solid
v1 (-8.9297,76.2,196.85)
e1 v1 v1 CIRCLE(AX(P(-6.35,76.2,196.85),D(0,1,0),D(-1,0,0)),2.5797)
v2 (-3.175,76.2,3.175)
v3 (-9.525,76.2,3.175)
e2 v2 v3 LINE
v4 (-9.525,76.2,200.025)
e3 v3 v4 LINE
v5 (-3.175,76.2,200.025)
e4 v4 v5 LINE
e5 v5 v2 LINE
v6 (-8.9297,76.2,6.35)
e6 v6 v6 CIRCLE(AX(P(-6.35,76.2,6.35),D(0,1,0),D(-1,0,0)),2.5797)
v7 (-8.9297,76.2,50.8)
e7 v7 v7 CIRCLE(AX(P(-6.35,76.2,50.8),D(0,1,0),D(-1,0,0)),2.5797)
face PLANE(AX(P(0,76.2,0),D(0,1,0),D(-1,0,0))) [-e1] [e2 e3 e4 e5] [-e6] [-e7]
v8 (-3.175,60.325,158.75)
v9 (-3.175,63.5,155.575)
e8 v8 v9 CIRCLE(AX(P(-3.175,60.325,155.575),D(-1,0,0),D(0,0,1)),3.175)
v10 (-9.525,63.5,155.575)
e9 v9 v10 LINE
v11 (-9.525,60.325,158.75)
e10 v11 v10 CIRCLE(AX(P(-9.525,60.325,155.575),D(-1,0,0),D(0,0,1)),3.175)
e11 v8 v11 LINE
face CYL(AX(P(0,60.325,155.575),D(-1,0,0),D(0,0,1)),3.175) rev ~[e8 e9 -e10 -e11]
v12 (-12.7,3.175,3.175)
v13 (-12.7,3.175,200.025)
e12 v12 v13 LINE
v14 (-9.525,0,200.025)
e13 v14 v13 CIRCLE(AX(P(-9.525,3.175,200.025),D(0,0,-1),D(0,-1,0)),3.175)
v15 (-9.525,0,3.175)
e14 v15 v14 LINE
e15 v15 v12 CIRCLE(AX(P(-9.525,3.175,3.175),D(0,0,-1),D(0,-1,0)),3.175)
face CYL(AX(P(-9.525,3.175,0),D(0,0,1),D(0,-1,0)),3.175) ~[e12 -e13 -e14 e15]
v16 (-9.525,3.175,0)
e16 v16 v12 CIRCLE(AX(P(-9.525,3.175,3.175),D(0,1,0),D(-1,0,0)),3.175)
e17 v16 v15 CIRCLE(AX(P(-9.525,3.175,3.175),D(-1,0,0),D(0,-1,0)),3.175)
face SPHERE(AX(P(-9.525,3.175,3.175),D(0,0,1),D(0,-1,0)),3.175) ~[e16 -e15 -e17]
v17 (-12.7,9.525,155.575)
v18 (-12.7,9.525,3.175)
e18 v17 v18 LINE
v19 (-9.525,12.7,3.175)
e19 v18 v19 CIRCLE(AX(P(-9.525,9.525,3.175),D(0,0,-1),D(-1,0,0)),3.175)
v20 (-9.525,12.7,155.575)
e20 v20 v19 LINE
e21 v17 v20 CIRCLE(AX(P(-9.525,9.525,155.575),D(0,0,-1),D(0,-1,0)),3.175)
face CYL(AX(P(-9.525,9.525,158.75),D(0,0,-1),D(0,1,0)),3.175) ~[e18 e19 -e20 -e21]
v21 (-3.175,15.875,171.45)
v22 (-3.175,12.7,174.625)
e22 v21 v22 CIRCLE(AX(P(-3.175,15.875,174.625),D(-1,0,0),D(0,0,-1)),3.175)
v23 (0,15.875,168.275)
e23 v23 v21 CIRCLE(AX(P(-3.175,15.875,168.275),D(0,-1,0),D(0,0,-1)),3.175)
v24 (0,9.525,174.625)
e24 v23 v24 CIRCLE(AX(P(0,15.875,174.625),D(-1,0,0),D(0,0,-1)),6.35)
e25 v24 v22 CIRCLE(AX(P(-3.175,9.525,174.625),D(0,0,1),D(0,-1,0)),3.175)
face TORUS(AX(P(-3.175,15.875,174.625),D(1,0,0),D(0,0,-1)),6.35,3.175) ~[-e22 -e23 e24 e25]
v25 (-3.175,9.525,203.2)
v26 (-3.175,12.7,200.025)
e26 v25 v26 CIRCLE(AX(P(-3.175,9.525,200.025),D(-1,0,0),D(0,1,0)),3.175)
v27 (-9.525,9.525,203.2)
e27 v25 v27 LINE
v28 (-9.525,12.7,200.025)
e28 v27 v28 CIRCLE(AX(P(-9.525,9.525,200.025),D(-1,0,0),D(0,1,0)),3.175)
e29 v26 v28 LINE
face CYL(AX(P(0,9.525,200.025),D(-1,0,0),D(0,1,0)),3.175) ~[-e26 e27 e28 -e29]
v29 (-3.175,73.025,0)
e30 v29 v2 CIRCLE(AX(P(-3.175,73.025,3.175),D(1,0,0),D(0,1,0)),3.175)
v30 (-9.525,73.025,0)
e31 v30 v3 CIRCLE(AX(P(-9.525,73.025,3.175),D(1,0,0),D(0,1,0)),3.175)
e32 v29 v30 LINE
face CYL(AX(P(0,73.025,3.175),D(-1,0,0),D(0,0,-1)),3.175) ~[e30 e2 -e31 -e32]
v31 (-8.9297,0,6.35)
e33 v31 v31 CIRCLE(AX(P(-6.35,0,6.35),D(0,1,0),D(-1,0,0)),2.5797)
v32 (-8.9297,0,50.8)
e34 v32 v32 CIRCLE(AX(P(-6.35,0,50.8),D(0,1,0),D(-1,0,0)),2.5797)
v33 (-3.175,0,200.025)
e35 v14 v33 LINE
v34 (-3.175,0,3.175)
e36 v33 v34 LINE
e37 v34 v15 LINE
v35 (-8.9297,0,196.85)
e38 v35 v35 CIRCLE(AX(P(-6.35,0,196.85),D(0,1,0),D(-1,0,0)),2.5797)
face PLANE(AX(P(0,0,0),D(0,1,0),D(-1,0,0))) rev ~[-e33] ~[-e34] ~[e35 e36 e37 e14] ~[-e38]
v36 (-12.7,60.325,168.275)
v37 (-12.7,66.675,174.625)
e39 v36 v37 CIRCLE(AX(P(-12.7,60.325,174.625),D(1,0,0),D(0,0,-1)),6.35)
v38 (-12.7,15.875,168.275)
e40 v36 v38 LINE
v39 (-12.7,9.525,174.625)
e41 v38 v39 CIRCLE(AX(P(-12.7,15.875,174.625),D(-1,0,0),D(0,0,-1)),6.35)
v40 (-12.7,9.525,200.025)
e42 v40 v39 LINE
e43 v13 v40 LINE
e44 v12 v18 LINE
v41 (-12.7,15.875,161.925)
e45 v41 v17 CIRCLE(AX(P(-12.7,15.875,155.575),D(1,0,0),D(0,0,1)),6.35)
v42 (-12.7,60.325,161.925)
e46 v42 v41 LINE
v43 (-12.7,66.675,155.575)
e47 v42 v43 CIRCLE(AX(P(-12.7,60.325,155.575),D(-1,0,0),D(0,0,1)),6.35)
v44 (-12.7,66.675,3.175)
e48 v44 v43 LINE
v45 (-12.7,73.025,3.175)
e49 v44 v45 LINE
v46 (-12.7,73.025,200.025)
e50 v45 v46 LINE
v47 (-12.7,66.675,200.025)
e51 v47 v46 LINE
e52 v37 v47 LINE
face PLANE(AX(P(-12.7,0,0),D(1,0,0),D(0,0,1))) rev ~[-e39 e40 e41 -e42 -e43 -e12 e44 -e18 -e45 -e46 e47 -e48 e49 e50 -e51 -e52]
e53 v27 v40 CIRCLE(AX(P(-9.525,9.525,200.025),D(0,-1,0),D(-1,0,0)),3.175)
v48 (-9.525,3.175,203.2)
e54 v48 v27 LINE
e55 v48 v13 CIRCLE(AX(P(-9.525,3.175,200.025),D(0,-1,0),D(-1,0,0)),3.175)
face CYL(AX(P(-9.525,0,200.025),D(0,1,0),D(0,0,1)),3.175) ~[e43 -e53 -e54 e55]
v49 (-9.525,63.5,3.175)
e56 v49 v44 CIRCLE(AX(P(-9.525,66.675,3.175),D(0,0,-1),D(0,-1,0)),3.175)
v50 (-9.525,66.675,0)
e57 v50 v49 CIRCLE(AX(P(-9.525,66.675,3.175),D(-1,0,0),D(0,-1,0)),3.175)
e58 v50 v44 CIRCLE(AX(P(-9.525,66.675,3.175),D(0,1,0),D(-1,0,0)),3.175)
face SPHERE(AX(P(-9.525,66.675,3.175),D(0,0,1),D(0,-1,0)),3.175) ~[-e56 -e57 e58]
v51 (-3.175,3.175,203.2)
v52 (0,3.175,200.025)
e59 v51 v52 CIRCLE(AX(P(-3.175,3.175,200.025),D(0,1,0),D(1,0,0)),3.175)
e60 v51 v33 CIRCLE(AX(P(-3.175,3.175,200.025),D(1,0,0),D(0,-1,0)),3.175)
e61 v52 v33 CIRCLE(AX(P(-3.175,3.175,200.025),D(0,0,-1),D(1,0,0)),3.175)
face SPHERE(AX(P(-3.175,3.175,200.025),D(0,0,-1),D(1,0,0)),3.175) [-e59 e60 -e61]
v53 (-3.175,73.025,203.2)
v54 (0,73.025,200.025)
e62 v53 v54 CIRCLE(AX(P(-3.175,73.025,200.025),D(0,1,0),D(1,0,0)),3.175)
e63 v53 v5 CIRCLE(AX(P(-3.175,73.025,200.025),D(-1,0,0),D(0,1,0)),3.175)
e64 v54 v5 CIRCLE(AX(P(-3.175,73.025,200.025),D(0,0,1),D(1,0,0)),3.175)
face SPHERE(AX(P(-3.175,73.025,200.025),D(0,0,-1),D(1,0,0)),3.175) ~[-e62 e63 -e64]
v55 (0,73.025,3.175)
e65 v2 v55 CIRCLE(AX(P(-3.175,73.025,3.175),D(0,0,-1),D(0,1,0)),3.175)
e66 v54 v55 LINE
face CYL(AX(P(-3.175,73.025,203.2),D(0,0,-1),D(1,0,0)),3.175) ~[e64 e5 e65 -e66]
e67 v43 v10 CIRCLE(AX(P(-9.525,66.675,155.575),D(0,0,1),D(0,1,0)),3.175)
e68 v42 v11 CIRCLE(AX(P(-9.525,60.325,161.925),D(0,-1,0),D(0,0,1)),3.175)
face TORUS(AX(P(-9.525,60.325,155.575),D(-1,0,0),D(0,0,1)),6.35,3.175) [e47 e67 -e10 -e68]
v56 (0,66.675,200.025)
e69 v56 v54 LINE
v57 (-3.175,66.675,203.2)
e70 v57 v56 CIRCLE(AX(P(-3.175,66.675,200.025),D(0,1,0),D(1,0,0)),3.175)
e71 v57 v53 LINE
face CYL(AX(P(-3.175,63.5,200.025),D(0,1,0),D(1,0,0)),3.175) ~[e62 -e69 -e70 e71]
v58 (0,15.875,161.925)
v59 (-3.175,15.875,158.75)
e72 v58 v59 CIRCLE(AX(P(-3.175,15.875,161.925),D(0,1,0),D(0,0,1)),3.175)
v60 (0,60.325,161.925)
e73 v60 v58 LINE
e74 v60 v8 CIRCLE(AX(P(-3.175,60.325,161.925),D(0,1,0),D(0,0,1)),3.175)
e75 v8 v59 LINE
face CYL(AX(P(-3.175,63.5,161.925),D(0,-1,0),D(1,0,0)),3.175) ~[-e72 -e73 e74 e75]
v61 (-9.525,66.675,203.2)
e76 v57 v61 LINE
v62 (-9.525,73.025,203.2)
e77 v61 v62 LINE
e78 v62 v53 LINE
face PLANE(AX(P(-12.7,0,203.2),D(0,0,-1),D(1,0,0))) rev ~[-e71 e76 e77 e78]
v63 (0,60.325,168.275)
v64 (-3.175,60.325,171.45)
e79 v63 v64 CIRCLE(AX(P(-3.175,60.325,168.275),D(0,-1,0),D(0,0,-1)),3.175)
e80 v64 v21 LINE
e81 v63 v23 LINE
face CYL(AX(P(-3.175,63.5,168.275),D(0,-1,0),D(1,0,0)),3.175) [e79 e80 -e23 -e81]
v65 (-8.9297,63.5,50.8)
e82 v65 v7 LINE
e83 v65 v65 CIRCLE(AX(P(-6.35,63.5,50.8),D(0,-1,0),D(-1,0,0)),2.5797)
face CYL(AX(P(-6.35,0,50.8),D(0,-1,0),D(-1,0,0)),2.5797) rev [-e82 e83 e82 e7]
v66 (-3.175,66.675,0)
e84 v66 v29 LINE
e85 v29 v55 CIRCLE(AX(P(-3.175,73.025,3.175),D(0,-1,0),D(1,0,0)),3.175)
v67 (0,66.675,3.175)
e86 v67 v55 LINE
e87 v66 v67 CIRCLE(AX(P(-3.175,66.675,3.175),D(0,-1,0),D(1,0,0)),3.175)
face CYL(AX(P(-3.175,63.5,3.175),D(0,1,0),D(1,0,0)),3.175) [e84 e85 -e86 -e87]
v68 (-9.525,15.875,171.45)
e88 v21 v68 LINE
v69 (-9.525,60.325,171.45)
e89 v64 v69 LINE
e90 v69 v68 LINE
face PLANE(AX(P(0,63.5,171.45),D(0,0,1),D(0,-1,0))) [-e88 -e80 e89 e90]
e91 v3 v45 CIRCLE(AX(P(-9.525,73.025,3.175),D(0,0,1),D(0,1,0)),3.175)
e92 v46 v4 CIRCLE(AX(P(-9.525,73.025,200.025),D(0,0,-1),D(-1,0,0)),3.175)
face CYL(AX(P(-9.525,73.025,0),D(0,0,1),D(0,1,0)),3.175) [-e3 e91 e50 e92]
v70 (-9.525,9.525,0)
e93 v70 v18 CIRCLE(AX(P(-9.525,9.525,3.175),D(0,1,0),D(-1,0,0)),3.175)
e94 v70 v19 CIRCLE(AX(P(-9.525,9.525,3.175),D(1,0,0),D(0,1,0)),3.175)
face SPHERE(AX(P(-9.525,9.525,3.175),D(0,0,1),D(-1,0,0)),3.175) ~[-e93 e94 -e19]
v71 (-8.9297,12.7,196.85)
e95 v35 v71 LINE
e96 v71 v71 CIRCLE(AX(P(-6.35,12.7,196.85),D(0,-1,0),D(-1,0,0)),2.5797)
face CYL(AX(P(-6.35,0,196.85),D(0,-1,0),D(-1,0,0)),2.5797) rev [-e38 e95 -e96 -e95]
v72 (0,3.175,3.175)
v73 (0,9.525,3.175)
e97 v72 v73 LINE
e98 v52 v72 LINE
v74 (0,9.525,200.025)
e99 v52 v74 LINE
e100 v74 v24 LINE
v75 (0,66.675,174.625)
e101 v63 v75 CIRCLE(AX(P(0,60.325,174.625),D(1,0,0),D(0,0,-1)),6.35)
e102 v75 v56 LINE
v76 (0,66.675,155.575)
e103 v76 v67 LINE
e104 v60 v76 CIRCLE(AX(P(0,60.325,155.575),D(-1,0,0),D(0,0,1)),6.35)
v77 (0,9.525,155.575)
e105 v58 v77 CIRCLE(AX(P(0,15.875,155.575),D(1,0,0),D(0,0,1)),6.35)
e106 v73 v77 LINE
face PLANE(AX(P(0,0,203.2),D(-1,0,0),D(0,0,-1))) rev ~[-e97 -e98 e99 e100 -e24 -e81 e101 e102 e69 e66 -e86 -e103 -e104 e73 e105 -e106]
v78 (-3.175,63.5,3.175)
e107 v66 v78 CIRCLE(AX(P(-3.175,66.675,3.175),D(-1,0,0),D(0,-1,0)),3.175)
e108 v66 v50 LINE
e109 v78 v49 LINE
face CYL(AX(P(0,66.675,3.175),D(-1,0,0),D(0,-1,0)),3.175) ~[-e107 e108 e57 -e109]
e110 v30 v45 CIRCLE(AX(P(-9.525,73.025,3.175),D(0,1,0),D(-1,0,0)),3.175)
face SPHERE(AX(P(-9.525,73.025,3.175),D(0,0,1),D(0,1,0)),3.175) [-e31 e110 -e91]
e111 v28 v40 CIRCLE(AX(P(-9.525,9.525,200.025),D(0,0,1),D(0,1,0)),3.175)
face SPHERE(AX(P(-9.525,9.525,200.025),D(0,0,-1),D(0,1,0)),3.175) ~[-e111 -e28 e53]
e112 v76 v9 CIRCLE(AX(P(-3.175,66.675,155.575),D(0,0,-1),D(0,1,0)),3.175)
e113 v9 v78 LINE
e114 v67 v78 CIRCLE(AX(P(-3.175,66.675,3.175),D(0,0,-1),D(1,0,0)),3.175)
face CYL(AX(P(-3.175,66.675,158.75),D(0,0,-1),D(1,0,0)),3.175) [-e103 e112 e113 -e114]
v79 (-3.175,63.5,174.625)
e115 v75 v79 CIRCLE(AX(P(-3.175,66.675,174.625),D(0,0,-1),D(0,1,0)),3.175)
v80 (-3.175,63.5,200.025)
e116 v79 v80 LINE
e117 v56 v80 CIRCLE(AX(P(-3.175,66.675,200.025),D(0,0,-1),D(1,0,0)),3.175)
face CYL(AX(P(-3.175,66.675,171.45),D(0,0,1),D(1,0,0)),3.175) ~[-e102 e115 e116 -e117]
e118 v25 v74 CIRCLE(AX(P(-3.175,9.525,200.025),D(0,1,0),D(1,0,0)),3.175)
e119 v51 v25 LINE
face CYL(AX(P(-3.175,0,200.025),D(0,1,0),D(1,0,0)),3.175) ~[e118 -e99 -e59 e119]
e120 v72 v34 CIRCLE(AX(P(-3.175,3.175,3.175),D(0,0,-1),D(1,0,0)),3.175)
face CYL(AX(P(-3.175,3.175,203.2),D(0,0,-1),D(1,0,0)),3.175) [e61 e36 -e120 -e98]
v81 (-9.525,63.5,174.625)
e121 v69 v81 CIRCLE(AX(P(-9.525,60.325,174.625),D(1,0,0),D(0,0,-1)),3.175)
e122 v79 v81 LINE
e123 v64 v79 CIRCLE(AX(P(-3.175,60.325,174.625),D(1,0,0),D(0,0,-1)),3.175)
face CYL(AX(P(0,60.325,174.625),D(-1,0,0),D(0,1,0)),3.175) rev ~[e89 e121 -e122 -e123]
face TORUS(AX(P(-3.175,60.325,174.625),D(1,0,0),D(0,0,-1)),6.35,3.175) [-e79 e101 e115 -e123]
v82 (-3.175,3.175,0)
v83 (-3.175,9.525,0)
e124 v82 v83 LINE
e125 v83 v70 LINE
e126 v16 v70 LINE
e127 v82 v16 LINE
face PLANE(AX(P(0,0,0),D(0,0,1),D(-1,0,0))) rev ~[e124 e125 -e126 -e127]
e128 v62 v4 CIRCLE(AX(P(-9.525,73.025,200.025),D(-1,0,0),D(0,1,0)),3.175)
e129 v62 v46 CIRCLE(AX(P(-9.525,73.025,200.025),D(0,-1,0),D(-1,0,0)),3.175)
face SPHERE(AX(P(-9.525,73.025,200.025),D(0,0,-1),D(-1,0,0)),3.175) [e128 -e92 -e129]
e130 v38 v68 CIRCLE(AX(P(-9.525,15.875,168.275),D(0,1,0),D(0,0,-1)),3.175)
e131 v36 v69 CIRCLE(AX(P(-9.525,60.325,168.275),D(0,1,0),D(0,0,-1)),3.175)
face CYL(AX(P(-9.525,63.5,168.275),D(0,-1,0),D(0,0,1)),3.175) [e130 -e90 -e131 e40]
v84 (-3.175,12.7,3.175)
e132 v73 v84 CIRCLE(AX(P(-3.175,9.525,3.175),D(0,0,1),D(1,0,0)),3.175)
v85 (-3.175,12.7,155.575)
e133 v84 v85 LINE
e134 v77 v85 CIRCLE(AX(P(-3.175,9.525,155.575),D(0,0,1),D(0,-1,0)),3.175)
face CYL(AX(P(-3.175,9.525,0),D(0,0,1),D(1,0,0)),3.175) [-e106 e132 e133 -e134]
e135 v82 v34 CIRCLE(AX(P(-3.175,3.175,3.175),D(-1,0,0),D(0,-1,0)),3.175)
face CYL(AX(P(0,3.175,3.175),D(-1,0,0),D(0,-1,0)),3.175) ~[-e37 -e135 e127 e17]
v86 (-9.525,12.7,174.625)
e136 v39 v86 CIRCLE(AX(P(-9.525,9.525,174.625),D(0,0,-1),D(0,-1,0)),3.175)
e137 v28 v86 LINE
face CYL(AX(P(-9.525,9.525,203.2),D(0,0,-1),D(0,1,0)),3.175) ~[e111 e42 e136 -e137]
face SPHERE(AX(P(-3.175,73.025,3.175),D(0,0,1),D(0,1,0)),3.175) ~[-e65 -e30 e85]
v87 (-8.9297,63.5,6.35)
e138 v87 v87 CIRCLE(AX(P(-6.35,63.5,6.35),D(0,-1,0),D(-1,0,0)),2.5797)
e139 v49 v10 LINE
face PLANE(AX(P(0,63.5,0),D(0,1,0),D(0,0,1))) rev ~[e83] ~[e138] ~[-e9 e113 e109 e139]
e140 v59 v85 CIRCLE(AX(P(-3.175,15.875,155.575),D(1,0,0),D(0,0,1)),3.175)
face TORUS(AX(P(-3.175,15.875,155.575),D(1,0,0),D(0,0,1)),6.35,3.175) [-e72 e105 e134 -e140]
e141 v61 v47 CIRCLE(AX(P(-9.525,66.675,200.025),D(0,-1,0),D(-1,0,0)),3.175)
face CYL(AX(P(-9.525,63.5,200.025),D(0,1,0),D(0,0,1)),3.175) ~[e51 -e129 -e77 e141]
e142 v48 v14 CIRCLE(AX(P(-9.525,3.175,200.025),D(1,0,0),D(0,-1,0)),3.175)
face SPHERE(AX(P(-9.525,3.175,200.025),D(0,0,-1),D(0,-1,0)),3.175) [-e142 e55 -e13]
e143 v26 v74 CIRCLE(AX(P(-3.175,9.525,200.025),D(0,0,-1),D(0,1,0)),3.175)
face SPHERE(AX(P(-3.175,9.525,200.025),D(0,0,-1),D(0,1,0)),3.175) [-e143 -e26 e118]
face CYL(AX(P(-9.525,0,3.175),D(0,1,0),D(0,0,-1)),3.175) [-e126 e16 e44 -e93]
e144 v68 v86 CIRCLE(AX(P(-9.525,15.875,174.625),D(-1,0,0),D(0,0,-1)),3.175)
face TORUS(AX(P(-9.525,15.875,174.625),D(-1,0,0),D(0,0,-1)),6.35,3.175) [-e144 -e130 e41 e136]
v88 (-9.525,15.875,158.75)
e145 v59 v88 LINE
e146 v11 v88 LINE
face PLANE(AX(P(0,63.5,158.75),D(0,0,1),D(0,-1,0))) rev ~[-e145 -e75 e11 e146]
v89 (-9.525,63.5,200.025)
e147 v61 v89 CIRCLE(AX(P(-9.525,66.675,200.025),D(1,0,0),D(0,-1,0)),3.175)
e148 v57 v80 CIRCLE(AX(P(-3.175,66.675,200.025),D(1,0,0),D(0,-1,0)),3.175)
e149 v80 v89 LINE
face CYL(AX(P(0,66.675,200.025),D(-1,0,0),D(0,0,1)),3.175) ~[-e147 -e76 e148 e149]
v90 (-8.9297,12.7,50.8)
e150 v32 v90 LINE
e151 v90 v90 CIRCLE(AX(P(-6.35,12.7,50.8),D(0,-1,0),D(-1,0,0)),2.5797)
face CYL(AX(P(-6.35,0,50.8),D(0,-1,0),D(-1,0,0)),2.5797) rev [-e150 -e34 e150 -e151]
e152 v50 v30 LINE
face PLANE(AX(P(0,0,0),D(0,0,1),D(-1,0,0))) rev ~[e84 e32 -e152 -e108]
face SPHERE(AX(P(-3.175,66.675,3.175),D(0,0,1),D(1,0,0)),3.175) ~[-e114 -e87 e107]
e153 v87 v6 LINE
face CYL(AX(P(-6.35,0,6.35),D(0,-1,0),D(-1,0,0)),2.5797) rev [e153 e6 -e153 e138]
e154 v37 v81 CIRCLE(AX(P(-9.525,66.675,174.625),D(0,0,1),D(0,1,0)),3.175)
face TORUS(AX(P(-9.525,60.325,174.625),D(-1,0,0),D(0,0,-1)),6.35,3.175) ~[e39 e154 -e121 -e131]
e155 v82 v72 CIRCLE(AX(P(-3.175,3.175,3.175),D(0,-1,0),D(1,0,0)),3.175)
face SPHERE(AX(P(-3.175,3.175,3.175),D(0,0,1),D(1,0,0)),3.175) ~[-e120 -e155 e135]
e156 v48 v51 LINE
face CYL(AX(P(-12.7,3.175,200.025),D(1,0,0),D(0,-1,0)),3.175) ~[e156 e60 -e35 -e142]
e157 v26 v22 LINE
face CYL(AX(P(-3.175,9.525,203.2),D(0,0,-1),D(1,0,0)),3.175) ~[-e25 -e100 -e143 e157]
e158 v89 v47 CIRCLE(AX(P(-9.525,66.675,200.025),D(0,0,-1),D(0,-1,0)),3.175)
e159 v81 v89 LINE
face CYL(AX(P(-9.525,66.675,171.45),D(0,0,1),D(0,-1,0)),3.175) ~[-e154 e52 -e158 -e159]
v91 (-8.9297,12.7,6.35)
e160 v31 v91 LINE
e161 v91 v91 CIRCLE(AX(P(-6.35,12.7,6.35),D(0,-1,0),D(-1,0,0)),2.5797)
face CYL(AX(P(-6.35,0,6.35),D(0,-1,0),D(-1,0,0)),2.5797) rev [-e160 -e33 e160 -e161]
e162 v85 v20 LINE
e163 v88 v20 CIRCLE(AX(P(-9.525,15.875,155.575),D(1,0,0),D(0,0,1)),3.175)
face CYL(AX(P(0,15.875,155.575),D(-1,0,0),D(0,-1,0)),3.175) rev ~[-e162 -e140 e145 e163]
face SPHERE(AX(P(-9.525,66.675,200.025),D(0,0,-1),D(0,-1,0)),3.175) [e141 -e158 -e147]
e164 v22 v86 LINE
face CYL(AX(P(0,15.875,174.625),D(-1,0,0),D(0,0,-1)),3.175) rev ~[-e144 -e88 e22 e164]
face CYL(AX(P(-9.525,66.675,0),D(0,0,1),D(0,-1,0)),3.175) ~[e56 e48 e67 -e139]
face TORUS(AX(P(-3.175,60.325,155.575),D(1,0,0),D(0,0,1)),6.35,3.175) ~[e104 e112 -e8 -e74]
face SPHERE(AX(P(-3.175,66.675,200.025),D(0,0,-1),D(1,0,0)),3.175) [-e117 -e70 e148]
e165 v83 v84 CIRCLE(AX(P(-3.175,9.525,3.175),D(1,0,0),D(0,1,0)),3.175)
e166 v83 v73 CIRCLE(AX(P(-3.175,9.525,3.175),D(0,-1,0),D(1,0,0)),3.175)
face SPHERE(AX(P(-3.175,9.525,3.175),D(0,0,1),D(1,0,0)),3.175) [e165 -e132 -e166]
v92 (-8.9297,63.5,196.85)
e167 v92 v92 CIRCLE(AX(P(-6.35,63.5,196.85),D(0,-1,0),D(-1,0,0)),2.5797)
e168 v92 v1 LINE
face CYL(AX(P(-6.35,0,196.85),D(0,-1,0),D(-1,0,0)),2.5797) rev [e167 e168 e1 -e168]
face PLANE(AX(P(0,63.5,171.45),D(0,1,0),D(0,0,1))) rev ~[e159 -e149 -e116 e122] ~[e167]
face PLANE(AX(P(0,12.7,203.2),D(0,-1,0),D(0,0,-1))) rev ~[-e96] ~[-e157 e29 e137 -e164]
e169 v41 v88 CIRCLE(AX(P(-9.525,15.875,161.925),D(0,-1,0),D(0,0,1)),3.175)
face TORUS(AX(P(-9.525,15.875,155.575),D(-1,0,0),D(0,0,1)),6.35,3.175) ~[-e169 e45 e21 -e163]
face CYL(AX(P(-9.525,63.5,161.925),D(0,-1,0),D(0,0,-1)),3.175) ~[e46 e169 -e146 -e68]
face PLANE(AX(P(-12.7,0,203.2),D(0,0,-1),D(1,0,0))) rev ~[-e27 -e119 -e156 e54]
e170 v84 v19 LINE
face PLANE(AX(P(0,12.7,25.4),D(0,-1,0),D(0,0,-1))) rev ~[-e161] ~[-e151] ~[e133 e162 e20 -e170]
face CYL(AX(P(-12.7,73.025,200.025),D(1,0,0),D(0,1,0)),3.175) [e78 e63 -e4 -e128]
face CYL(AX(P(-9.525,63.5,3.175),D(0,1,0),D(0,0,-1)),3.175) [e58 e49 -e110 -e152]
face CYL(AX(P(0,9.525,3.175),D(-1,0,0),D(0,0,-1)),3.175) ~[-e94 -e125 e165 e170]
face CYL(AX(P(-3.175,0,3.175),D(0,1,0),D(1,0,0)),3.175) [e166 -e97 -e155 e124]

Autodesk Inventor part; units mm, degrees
ref_plane "YZ Plane" through (0, 0, 0) normal (1, 0, 0) x (0, 1, 0)
ref_plane "XZ Plane" through (0, 0, 0) normal (0, 1, 0) x (-1, 0, 0)
ref_plane "XY Plane" through (0, 0, 0) normal (0, 0, 1) x (1, 0, 0)
sketch "Sketch1" plane through (0, 0, 0) normal (0, 1, 0) x (-1, 0, 0)
  line L0 (0, 0) -> (12.7, 0)
  line L1 (12.7, 0) -> (12.7, 203.2)
  line L2 (12.7, 203.2) -> (0, 203.2)
  line L3 (0, 203.2) -> (0, 0)
  circle A0 centre (6.35, 6.35) radius 2.5797
  circle A1 centre (6.35, 196.85) radius 2.5797
  circle A2 centre (6.35, 50.8) radius 2.5797
  dimension "d0" = 12.7
  dimension "d1" = 203.2
  dimension "d2" = 6.35
  dimension "d3" = 6.35
  dimension "d4" = 5.1594
  dimension "d5" = 6.35
  dimension "d6" = 5.1594
  dimension "d7" = 6.35
  dimension "d19" = 5.1594
  dimension "d20" = 6.35
  dimension "d21" = 50.8
extrude "Extrusion1" add sketch "Sketch1" along normal blind 76.2
sketch "Sketch2" plane through (0, 0, 203.2) normal (1, 0, 0) x (0, 0, -1)
  line L0 (203.2, 76.2) -> (0, 76.2) projected
  line L1 (0, 76.2) -> (31.75, 76.2)
  line L2 (31.75, 76.2) -> (31.75, 0)
  line L3 (31.75, 0) -> (0, 0)
  line L4 (0, 0) -> (0, 76.2)
  line L5 (203.2, 76.2) -> (177.8, 76.2)
  line L6 (177.8, 76.2) -> (177.8, 0)
  line L7 (177.8, 0) -> (203.2, 0)
  line L8 (203.2, 0) -> (203.2, 76.2)
  line L9 (203.2, 0) -> (203.2, 76.2) projected
  line L10 (203.2, 63.5) -> (0, 63.5)
  line L11 (0, 63.5) -> (0, 12.7)
  line L12 (0, 12.7) -> (203.2, 12.7)
  line L13 (203.2, 12.7) -> (203.2, 63.5)
  line L14 (0, 0) -> (203.2, 0) projected
  line L15 (31.75, 63.5) -> (44.45, 63.5)
  line L16 (44.45, 63.5) -> (44.45, 12.7)
  line L17 (44.45, 12.7) -> (31.75, 12.7)
  line L18 (31.75, 12.7) -> (31.75, 63.5)
  line L19 (177.8, 63.5) -> (165.1, 63.5)
  line L20 (165.1, 12.7) -> (177.8, 12.7)
  line L21 (177.8, 12.7) -> (177.8, 63.5)
  line L22 (139.7, 63.5) -> (139.7, 12.7)
  line L23 (139.7, 63.5) -> (127, 63.5)
  line L24 (127, 63.5) -> (127, 12.7)
  line L25 (127, 12.7) -> (139.7, 12.7)
  line L26 (139.7, 12.7) -> (139.7, 63.5)
  point P0 (177.8, 12.7)
  point P1 (184.15, 63.5)
  point P2 (0, 12.7)
  point P3 (31.75, 12.7)
  point P4 (19.05, 63.5)
  point P5 (0, 63.5)
  point P6 (44.45, 63.5)
  point P7 (31.75, 12.7)
  dimension "d10" = 31.75
  dimension "d12" = 25.4
  dimension "d13" = 76.2
  dimension "d14" = 203.2
  dimension "d15" = 50.8
  dimension "d16" = 12.7
  dimension "d22" = 12.7
  dimension "d24" = 63.5
  dimension "d25" = 12.7
extrude "Extrusion2" cut sketch "Sketch2" against normal blind 12.7 contours L8 L12 L6 L10 | L6 L12 L22 L10 | L2 L12 L4 L10 | L10 L24 L12 L16 | L22 L12 L24 L10
fillet "Fillet1" radius 3.175 36 edges at (0, 38.1, 158.75) (0, 38.1, 171.45) (-12.7, 38.1, 171.45) (-12.7, 38.1, 158.75) (0, 63.5, 79.375) (0, 76.2, 101.6) (-12.7, 76.2, 101.6) (-12.7, 63.5, 79.375) (0, 63.5, 187.325) (-12.7, 63.5, 187.325) (-6.35, 63.5, 158.75) (-6.35, 63.5, 171.45) (-12.7, 12.7, 79.375) (0, 12.7, 79.375) (-12.7, 0, 101.6) (0, 0, 101.6) (0, 12.7, 187.325) (-12.7, 12.7, 187.325) (-6.35, 12.7, 171.45) (-6.35, 12.7, 158.75) (-6.35, 12.7, 203.2) (0, 6.35, 203.2) (-6.35, 0, 203.2) (-12.7, 6.35, 203.2) (0, 6.35, 0) (-6.35, 0, 0) (-12.7, 6.35, 0) (-6.35, 12.7, 0) (-6.35, 76.2, 0) (0, 69.85, 0) (-6.35, 63.5, 0) (-12.7, 69.85, 0) (0, 69.85, 203.2) (-6.35, 63.5, 203.2) (-12.7, 69.85, 203.2) (-6.35, 76.2, 203.2)
properties part number "inner swing"
